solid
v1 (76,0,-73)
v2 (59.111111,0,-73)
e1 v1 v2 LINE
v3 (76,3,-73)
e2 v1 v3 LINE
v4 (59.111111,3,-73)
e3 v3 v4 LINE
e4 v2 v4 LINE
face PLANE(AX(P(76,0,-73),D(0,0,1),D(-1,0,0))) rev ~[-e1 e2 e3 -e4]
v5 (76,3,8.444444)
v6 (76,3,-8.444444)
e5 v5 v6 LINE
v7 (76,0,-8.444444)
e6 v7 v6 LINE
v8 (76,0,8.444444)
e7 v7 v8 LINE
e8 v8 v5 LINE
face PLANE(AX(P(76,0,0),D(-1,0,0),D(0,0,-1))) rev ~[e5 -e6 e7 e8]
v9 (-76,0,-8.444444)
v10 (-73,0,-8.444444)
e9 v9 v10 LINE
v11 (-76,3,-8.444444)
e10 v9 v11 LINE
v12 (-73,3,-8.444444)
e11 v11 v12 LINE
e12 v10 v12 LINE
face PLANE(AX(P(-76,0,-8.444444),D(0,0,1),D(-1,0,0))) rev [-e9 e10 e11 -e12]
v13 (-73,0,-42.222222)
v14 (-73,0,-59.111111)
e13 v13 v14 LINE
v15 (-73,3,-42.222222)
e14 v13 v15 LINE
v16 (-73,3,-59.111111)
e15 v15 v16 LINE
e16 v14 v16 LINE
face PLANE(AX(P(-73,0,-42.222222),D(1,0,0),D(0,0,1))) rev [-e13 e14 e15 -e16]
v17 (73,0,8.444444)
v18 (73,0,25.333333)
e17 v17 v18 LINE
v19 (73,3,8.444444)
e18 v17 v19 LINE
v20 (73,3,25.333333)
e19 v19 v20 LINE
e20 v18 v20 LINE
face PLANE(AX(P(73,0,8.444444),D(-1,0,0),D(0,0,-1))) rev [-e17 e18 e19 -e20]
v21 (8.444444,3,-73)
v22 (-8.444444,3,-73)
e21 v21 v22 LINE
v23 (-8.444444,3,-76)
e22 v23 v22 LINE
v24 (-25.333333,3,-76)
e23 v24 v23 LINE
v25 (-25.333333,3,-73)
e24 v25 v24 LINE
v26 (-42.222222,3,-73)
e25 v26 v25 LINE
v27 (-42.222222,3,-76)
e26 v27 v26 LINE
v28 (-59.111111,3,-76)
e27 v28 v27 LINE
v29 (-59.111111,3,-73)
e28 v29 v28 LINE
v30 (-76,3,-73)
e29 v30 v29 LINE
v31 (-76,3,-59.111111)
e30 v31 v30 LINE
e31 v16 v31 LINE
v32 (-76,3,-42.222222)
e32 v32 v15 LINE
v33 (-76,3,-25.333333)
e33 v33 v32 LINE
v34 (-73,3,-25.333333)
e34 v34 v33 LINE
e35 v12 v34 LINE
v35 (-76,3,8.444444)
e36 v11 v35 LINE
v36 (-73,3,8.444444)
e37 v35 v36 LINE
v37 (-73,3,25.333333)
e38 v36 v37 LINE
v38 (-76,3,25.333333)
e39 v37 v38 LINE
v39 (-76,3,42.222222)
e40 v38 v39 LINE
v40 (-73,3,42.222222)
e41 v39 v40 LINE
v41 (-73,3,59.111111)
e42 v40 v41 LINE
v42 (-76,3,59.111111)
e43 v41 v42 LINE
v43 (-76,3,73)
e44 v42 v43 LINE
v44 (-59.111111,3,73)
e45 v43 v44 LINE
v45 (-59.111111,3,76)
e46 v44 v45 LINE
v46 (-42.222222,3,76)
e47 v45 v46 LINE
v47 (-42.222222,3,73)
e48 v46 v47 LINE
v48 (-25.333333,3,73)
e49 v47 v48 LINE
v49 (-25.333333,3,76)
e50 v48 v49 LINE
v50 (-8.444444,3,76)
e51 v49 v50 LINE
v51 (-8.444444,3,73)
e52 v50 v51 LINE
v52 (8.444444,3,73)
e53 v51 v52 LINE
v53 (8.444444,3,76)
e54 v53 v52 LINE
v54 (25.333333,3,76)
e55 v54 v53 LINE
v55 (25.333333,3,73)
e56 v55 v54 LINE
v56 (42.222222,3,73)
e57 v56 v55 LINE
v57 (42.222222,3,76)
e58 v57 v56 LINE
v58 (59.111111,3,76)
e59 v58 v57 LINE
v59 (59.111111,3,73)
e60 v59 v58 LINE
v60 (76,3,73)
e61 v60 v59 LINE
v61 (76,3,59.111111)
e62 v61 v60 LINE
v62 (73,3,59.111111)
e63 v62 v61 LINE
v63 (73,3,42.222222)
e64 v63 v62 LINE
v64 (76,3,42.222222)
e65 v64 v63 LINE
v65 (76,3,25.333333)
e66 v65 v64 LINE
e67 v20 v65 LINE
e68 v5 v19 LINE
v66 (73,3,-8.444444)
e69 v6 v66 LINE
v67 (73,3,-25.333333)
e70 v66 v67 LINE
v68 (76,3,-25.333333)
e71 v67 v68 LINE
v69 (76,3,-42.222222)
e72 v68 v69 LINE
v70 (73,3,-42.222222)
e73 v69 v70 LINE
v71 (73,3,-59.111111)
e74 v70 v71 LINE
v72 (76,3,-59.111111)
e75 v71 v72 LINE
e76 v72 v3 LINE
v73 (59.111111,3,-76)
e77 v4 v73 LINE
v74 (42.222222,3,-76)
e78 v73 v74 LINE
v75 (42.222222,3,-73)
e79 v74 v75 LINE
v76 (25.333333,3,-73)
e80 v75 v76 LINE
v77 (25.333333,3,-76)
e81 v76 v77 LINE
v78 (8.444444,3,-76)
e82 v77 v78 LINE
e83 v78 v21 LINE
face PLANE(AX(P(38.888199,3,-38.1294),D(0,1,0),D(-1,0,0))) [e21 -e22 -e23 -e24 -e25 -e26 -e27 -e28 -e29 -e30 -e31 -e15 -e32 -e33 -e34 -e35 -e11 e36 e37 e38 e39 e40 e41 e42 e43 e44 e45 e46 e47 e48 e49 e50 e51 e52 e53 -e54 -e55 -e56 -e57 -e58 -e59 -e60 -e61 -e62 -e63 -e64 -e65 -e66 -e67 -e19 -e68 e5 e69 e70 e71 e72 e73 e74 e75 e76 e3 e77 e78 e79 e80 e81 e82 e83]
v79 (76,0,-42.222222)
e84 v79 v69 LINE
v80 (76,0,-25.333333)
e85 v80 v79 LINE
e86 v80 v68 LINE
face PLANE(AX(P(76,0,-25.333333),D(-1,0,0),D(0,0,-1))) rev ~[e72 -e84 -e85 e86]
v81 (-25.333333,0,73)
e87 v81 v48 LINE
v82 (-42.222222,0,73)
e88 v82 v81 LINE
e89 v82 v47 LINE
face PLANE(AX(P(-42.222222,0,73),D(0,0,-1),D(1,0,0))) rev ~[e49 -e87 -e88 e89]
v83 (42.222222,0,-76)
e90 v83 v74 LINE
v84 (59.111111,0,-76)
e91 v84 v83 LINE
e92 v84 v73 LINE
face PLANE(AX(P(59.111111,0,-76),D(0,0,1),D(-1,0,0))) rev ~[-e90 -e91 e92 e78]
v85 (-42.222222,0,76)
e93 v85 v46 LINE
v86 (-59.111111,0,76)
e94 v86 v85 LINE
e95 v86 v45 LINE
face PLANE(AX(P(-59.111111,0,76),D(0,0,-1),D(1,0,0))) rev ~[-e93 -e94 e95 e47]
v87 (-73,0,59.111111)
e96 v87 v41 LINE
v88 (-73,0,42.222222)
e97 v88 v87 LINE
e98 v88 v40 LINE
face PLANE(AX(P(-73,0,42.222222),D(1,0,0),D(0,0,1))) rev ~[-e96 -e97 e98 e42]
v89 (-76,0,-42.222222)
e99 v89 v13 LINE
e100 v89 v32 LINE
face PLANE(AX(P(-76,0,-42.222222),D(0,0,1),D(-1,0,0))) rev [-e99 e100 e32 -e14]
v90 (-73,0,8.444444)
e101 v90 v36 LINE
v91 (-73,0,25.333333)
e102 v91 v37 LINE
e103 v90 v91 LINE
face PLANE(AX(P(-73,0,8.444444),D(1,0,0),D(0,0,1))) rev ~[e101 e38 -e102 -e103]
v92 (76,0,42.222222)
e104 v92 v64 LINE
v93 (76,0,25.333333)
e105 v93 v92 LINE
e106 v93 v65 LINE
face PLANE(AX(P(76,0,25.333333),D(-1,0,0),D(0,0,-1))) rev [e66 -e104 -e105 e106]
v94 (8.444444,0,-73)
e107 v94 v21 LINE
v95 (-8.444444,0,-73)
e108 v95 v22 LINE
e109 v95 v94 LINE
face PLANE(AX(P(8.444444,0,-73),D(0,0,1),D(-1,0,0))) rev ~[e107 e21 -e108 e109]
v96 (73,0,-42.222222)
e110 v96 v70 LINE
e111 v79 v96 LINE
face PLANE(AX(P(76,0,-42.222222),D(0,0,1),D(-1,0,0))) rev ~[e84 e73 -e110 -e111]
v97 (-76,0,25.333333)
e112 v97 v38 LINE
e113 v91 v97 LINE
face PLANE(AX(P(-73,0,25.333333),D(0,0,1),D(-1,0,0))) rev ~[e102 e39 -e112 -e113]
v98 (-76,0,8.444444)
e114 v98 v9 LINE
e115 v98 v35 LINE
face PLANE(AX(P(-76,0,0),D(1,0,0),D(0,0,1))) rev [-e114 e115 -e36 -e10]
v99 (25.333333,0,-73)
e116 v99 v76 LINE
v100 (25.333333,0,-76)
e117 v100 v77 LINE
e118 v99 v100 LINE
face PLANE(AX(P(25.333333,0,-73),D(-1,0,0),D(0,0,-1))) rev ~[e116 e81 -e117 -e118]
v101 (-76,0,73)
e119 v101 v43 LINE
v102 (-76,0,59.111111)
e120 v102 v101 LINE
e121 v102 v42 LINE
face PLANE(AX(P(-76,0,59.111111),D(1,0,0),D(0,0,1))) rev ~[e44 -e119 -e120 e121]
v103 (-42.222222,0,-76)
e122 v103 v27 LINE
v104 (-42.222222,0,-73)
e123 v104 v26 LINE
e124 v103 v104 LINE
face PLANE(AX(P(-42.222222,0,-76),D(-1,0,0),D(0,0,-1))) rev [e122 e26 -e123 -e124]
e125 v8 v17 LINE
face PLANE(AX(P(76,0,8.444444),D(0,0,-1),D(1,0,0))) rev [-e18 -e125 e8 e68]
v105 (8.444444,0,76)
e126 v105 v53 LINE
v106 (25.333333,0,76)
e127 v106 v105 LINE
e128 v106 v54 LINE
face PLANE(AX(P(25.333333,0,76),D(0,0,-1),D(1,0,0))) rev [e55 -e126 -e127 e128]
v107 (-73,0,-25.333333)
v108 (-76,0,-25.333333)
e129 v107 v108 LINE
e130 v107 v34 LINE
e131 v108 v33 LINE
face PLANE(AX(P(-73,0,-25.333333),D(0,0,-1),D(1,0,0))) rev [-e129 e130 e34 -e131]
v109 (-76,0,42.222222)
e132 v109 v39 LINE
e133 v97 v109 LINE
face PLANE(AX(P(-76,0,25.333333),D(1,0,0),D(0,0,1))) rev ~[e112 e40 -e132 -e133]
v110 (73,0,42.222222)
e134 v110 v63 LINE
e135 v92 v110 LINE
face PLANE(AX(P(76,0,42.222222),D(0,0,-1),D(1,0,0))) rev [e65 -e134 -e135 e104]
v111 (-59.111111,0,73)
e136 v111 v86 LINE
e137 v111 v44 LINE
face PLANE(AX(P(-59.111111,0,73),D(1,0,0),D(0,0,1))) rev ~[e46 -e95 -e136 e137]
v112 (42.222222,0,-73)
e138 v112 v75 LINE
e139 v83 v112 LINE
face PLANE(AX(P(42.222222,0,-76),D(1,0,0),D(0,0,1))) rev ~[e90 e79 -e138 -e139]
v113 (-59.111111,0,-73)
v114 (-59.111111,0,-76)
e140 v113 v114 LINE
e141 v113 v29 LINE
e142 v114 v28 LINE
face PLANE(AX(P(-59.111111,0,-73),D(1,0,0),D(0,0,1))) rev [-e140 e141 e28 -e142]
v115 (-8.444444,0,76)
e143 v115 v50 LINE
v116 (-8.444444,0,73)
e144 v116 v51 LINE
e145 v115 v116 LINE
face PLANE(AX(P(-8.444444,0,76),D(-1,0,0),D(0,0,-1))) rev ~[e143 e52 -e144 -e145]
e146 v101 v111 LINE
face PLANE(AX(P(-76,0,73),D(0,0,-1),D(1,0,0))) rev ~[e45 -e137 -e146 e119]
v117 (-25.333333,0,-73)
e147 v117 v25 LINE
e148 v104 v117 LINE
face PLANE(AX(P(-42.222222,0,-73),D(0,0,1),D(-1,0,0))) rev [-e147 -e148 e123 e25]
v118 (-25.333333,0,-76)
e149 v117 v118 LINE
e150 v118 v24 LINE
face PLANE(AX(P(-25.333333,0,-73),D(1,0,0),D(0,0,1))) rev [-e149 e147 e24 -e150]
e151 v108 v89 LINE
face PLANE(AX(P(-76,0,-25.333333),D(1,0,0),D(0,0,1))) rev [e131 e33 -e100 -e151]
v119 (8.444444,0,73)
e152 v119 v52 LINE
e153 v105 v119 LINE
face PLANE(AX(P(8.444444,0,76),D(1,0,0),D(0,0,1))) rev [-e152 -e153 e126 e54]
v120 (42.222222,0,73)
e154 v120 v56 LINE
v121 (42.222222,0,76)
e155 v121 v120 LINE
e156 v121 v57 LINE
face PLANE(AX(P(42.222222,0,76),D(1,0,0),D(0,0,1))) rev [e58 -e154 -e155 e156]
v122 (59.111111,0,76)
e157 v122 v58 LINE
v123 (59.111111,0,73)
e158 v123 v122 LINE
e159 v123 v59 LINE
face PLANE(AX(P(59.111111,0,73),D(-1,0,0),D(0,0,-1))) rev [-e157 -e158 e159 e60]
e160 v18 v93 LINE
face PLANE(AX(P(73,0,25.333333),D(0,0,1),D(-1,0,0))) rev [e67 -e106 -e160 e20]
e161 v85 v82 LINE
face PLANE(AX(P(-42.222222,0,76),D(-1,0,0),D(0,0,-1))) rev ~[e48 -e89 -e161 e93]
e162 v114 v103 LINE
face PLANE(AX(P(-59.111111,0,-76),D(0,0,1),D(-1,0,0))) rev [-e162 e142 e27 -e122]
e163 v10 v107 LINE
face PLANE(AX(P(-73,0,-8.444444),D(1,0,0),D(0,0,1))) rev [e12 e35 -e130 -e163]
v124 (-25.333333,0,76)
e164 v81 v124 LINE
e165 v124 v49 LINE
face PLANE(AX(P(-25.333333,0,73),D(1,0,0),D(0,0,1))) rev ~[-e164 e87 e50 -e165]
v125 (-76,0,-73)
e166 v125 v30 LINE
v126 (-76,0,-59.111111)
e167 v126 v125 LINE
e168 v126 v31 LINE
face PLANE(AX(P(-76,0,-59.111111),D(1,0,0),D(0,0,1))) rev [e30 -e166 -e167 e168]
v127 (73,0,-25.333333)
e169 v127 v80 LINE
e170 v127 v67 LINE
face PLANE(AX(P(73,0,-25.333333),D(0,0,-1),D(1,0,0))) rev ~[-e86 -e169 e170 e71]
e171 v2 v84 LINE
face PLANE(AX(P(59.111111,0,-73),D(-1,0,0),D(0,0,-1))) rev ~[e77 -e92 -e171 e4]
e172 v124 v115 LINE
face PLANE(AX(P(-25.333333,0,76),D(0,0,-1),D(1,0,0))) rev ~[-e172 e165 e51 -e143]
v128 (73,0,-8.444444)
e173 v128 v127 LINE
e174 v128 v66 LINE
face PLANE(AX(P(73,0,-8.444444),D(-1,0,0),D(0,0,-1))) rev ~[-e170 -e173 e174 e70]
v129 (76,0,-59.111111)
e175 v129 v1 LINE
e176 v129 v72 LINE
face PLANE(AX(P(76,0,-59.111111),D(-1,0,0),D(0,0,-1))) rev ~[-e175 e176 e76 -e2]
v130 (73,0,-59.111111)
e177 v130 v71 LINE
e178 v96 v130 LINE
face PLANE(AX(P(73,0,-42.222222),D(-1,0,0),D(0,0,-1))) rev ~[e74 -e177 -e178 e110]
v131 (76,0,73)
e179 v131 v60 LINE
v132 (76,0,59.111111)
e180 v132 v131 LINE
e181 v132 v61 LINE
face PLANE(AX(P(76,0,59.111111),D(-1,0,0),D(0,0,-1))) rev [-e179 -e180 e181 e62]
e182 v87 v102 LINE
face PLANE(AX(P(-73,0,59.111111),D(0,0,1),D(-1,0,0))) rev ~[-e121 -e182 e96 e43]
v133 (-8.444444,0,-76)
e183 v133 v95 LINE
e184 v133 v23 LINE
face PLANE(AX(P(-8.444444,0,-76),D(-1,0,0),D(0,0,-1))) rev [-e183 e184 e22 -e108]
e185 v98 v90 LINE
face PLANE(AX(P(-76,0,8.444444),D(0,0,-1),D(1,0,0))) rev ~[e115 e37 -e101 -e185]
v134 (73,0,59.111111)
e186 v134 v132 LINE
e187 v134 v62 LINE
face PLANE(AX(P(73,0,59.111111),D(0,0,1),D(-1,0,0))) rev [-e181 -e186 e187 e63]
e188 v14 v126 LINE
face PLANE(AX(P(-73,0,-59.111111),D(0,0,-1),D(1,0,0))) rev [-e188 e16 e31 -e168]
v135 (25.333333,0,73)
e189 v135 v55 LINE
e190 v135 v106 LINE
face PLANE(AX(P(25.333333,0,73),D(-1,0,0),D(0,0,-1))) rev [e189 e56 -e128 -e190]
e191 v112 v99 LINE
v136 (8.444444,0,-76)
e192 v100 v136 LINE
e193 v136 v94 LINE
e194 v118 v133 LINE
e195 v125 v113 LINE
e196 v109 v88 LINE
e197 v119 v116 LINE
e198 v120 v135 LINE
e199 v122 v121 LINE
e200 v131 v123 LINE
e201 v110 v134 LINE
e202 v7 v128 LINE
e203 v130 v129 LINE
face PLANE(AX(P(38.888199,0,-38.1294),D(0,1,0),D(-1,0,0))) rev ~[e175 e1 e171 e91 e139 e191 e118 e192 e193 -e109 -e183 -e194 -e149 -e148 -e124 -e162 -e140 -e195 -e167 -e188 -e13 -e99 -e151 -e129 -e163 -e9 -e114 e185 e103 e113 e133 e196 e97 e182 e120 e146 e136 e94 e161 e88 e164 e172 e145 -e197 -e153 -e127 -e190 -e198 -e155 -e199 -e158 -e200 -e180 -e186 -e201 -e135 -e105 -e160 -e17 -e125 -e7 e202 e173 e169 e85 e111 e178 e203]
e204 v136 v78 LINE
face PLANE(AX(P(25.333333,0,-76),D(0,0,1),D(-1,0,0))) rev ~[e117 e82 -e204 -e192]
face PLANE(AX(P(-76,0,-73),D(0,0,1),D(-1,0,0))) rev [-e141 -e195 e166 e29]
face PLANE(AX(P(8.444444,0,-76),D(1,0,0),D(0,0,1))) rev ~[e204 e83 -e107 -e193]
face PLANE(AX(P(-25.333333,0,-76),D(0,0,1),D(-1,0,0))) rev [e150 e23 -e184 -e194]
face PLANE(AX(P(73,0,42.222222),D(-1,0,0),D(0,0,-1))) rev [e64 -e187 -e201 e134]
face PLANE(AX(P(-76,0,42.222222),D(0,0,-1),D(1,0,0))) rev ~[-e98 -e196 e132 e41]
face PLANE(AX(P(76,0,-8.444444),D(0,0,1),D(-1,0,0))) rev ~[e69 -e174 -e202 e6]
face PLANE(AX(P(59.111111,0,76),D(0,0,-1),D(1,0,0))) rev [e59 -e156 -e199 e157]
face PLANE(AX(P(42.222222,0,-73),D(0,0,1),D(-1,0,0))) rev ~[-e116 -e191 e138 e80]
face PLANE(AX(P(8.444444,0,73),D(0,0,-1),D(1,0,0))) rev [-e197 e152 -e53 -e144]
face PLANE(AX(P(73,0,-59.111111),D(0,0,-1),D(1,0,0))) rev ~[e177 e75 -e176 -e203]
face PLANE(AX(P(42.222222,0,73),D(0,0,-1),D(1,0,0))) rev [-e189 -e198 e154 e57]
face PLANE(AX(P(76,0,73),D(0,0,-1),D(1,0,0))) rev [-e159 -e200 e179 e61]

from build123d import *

# Parameters (mm, degrees)
BOSS_EXTRUDE1_DEPTH                      = 3
MIRROR1_AT_THE_SECOND_PLANE_COPY_1_DEPTH = 3


with BuildPart() as part:
    # Sketch1 → Boss-Extrude1 (new body)
    with BuildSketch(Plane(origin=(0, 0, 0), x_dir=(1, 0, 0), z_dir=(0, 1, 0))):
        Polygon((-76, -73), (-59.111111111, -73), (-59.111111111, -76), (-42.222222222, -76), (-42.222222222, -73), (-25.333333333, -73), (-25.333333333, -76), (-8.444444444, -76), (-8.444444444, -73), (0, -73), (0, 0), (-76, 0), (-76, -8.444444444), (-73, -8.444444444), (-73, -25.333333333), (-76, -25.333333333), (-76, -42.222222222), (-73, -42.222222222), (-73, -59.111111111), (-76, -59.111111111), align=None)
    boss_extrude1 = extrude(amount=BOSS_EXTRUDE1_DEPTH)



with BuildPart() as mirror1_1:
    # Mirror1: Boss-Extrude1 across plane
    add(boss_extrude1.mirror(Plane(origin=(0, 0, 0), x_dir=(0, 0, 1), z_dir=(1, 0, 0))))


with BuildPart() as part_1:
    add(part.part)

    add(mirror1_1.part)  # Mirror1 at the second plane merges Mirror1_1
    # Mirror1 at the second plane: Boss-Extrude1 across plane
    add(boss_extrude1.mirror(Plane.XY))

    # Mirror1 at the second plane copy 1 sketc → Mirror1 at the second plane copy 1 (add)
    with BuildSketch(Plane(origin=(0, 0, 0), x_dir=(-1, 0, 0), z_dir=(0, 1, 0))):
        Polygon((-76, -73), (-59.111111111, -73), (-59.111111111, -76), (-42.222222222, -76), (-42.222222222, -73), (-25.333333333, -73), (-25.333333333, -76), (-8.444444444, -76), (-8.444444444, -73), (0, -73), (0, 0), (-76, 0), (-76, -8.444444444), (-73, -8.444444444), (-73, -25.333333333), (-76, -25.333333333), (-76, -42.222222222), (-73, -42.222222222), (-73, -59.111111111), (-76, -59.111111111), align=None)
    extrude(amount=MIRROR1_AT_THE_SECOND_PLANE_COPY_1_DEPTH)


solid = part_1.part
